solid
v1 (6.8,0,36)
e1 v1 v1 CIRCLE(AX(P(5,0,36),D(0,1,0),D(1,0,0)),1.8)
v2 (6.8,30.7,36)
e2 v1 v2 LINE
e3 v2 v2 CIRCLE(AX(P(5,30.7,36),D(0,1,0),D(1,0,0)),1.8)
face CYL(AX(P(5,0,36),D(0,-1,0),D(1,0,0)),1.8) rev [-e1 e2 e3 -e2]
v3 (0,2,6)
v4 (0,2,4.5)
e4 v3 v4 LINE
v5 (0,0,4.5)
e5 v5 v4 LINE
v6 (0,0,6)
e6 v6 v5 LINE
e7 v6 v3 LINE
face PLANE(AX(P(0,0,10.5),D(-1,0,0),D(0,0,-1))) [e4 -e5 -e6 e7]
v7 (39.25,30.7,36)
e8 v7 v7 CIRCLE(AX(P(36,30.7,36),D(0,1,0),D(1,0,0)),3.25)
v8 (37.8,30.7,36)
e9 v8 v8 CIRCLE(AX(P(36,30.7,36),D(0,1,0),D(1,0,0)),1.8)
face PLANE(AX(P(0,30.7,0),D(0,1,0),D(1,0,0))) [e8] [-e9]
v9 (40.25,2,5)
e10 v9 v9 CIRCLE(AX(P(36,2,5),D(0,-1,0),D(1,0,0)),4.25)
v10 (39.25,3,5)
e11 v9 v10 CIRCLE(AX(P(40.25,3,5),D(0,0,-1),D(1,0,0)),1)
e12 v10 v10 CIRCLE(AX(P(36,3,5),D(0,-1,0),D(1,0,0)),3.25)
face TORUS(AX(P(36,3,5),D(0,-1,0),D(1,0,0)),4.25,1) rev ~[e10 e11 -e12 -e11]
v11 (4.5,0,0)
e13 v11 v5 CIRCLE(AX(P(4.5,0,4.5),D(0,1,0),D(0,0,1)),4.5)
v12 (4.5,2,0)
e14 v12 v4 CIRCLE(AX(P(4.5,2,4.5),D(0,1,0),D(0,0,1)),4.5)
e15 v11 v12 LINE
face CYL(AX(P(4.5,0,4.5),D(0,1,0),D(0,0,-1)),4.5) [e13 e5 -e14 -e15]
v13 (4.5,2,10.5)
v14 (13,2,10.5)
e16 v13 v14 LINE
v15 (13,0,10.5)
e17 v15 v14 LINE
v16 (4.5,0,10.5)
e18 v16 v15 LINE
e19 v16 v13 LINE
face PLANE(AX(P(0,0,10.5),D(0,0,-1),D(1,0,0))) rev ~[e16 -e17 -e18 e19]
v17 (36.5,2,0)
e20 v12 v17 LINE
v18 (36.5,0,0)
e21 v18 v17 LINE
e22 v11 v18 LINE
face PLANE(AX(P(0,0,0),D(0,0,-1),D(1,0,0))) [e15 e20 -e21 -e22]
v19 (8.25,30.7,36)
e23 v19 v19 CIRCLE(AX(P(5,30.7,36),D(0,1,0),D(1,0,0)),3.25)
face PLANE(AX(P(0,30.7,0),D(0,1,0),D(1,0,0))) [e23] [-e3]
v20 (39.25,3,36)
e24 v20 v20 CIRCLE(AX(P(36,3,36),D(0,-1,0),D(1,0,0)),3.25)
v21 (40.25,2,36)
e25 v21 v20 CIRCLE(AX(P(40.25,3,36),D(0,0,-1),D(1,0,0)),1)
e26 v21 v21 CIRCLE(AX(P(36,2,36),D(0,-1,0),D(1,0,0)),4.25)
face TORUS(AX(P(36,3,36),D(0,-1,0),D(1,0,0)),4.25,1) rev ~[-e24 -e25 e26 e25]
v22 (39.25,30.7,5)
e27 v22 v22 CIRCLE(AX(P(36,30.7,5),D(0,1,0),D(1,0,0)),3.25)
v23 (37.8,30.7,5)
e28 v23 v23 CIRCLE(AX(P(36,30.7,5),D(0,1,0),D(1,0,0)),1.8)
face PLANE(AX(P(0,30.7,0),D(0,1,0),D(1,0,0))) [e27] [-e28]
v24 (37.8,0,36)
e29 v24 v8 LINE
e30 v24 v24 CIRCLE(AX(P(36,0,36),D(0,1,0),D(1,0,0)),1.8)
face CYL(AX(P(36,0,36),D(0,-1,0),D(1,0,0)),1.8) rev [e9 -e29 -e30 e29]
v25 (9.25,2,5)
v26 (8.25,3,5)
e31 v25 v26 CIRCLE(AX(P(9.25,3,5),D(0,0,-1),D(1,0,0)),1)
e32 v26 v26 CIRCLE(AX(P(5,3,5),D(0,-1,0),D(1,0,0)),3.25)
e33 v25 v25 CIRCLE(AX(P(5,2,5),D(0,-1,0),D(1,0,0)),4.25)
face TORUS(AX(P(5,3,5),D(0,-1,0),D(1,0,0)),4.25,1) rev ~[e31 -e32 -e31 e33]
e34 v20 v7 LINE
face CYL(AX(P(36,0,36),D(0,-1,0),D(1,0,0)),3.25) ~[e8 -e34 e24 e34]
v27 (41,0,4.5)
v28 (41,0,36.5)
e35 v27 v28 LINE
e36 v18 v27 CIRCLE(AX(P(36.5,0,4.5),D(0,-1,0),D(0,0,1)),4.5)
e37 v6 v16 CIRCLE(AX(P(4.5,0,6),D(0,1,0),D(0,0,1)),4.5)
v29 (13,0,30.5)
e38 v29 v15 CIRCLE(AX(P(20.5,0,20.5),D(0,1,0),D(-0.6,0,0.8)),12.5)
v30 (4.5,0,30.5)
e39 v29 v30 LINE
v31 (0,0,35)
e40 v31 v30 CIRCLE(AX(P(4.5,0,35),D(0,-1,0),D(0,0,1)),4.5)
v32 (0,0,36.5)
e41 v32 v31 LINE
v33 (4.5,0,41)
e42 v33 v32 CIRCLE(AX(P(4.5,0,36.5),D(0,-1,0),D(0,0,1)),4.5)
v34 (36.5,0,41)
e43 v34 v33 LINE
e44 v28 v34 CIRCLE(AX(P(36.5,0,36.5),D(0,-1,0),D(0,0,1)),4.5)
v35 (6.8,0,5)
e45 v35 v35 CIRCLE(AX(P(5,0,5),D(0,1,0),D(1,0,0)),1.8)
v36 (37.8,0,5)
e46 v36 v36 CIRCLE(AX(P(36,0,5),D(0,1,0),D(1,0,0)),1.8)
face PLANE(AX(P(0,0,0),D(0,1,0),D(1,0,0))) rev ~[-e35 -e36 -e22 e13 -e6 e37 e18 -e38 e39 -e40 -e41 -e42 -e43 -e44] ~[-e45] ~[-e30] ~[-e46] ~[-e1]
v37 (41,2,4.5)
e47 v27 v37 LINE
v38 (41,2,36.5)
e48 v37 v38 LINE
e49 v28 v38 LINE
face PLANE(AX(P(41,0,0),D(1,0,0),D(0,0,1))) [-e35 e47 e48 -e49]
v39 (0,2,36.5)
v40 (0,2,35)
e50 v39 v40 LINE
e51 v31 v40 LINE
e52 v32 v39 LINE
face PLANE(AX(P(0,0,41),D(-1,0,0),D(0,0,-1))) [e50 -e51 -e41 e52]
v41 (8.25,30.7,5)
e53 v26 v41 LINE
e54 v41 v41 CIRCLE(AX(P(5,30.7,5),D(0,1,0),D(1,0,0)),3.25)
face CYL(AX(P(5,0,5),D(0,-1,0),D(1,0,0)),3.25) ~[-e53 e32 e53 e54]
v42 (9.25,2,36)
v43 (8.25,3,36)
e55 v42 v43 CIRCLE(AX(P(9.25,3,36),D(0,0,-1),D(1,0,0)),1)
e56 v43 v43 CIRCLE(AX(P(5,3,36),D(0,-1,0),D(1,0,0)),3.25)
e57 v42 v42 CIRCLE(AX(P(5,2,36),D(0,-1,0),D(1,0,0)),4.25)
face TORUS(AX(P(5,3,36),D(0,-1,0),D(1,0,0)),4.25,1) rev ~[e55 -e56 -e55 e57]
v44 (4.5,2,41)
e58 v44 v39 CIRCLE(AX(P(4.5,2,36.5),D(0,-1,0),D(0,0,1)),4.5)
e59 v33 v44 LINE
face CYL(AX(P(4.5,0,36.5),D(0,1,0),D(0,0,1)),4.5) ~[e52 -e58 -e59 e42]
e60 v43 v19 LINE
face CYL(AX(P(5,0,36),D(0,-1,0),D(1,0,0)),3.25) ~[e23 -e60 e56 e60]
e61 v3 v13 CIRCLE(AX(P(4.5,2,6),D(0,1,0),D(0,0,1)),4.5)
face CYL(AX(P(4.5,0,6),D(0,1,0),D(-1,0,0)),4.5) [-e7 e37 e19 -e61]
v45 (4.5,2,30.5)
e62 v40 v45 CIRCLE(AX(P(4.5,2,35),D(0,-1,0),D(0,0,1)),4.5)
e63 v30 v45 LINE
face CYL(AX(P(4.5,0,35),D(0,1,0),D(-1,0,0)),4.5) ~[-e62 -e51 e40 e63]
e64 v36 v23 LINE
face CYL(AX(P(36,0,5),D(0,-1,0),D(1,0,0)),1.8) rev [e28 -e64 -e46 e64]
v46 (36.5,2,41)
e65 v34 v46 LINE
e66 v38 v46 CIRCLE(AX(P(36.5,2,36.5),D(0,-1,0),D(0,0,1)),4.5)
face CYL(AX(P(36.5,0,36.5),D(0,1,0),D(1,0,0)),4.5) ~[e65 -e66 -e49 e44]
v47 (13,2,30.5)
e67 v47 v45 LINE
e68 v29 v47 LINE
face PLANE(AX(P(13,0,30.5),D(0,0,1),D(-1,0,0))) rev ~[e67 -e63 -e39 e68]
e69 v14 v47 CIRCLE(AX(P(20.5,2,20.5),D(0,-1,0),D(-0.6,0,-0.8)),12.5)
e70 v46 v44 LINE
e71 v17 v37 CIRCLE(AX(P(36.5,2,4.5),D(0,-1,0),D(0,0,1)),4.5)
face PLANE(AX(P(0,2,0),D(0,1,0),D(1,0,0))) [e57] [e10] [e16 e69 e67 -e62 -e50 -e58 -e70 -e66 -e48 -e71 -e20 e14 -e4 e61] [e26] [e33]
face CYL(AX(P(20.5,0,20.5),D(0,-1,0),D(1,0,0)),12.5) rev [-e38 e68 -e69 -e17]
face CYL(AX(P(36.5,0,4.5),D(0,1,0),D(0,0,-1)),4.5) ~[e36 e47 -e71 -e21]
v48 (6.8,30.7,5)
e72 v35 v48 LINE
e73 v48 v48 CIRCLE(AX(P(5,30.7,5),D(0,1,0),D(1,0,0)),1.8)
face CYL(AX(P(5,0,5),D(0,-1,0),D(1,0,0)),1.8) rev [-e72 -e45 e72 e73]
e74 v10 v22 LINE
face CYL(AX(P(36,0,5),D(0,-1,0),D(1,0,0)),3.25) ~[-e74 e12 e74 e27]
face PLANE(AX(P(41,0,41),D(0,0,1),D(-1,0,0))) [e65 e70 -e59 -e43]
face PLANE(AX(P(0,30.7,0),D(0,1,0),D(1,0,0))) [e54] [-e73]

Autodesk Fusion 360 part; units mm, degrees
sketch "Sketch1" plane through (0, 0, 0) normal (0, 1, 0) x (1, 0, 0)
  line L0 (0, 0) -> (41, 0)
  line L1 (41, 0) -> (41, -41)
  line L2 (41, -41) -> (0, -41)
  line L3 (0, -41) -> (0, 0)
  line L4 (0, -20.5) -> (41, -20.5) construction
  line L5 (20.5, 0) -> (20.5, -41) construction
  circle A0 centre (20.5, -20.5) radius 12.5
  line L6 (36, -36) -> (5, -36) construction
  line L7 (5, -36) -> (5, -5) construction
  line L8 (5, -5) -> (36, -5) construction
  line L9 (36, -5) -> (36, -36) construction
  line L10 (36, -36) -> (5, -5) construction
  line L11 (5, -36) -> (36, -5) construction
  circle A1 centre (5, -36) radius 1.8
  circle A2 centre (36, -36) radius 1.8
  circle A3 centre (36, -5) radius 1.8
  circle A4 centre (5, -5) radius 1.8
  circle A5 centre (5, -36) radius 3.25
  circle A6 centre (36, -36) radius 3.25
  circle A7 centre (36, -5) radius 3.25
  circle A8 centre (5, -5) radius 3.25
  line L12 (0, -10.5) -> (13, -10.5)
  line L13 (13, -30.5) -> (0, -30.5)
  point P0 (20.5, -20.5)
  dimension "d1" = 31
  dimension "d2" = 31
  dimension "d3" = 25
  dimension "d4" = 3.6
  dimension "d5" = 3.6
  dimension "d6" = 3.6
  dimension "d7" = 3.6
  dimension "d8" = 6.5
  dimension "d9" = 6.5
  dimension "d10" = 6.5
  dimension "d11" = 6.5
  dimension "d12" = 41
  dimension "d13" = 10
  dimension "d14" = 10
extrude "Extrude1" add sketch "Sketch1" along normal blind 2 contours L0 L1 L2 L3 A0 L12 L13 | A5 | A6 | A7 | A8
extrude "Extrude2" add sketch "Sketch1" along normal blind 30.7 contours A5 | A6 | A7 | A8
ref_plane "WorkPlane1" through (20.5, 1, 20.5) normal (0, 0, 1) x (1, 0, 0)
fillet "Fillet1" radius 1 4 edges at (32.9699, 2, 34.8247) (32.9699, 2, 3.8247) (1.9699, 2, 3.8247) (1.9699, 2, 34.8247)
fillet "Fillet2" radius 4.5 6 edges at (41, 1, 0) (41, 1, 41) (0, 1, 0) (0, 1, 41) (0, 1, 10.5) (0, 1, 30.5)
equation "d2 = d1"
equation "d5 = d4"
equation "d6 = d5"
equation "d7 = d4"
equation "d9 = d8"
equation "d10 = d8"
equation "d11 = d8"
equation "d14 = d13"
equation "Hoogte = 30.7 mm"
equation "d18 = Hoogte"
equation "d20 = ( -41 / 2 ) * 1 mm"
